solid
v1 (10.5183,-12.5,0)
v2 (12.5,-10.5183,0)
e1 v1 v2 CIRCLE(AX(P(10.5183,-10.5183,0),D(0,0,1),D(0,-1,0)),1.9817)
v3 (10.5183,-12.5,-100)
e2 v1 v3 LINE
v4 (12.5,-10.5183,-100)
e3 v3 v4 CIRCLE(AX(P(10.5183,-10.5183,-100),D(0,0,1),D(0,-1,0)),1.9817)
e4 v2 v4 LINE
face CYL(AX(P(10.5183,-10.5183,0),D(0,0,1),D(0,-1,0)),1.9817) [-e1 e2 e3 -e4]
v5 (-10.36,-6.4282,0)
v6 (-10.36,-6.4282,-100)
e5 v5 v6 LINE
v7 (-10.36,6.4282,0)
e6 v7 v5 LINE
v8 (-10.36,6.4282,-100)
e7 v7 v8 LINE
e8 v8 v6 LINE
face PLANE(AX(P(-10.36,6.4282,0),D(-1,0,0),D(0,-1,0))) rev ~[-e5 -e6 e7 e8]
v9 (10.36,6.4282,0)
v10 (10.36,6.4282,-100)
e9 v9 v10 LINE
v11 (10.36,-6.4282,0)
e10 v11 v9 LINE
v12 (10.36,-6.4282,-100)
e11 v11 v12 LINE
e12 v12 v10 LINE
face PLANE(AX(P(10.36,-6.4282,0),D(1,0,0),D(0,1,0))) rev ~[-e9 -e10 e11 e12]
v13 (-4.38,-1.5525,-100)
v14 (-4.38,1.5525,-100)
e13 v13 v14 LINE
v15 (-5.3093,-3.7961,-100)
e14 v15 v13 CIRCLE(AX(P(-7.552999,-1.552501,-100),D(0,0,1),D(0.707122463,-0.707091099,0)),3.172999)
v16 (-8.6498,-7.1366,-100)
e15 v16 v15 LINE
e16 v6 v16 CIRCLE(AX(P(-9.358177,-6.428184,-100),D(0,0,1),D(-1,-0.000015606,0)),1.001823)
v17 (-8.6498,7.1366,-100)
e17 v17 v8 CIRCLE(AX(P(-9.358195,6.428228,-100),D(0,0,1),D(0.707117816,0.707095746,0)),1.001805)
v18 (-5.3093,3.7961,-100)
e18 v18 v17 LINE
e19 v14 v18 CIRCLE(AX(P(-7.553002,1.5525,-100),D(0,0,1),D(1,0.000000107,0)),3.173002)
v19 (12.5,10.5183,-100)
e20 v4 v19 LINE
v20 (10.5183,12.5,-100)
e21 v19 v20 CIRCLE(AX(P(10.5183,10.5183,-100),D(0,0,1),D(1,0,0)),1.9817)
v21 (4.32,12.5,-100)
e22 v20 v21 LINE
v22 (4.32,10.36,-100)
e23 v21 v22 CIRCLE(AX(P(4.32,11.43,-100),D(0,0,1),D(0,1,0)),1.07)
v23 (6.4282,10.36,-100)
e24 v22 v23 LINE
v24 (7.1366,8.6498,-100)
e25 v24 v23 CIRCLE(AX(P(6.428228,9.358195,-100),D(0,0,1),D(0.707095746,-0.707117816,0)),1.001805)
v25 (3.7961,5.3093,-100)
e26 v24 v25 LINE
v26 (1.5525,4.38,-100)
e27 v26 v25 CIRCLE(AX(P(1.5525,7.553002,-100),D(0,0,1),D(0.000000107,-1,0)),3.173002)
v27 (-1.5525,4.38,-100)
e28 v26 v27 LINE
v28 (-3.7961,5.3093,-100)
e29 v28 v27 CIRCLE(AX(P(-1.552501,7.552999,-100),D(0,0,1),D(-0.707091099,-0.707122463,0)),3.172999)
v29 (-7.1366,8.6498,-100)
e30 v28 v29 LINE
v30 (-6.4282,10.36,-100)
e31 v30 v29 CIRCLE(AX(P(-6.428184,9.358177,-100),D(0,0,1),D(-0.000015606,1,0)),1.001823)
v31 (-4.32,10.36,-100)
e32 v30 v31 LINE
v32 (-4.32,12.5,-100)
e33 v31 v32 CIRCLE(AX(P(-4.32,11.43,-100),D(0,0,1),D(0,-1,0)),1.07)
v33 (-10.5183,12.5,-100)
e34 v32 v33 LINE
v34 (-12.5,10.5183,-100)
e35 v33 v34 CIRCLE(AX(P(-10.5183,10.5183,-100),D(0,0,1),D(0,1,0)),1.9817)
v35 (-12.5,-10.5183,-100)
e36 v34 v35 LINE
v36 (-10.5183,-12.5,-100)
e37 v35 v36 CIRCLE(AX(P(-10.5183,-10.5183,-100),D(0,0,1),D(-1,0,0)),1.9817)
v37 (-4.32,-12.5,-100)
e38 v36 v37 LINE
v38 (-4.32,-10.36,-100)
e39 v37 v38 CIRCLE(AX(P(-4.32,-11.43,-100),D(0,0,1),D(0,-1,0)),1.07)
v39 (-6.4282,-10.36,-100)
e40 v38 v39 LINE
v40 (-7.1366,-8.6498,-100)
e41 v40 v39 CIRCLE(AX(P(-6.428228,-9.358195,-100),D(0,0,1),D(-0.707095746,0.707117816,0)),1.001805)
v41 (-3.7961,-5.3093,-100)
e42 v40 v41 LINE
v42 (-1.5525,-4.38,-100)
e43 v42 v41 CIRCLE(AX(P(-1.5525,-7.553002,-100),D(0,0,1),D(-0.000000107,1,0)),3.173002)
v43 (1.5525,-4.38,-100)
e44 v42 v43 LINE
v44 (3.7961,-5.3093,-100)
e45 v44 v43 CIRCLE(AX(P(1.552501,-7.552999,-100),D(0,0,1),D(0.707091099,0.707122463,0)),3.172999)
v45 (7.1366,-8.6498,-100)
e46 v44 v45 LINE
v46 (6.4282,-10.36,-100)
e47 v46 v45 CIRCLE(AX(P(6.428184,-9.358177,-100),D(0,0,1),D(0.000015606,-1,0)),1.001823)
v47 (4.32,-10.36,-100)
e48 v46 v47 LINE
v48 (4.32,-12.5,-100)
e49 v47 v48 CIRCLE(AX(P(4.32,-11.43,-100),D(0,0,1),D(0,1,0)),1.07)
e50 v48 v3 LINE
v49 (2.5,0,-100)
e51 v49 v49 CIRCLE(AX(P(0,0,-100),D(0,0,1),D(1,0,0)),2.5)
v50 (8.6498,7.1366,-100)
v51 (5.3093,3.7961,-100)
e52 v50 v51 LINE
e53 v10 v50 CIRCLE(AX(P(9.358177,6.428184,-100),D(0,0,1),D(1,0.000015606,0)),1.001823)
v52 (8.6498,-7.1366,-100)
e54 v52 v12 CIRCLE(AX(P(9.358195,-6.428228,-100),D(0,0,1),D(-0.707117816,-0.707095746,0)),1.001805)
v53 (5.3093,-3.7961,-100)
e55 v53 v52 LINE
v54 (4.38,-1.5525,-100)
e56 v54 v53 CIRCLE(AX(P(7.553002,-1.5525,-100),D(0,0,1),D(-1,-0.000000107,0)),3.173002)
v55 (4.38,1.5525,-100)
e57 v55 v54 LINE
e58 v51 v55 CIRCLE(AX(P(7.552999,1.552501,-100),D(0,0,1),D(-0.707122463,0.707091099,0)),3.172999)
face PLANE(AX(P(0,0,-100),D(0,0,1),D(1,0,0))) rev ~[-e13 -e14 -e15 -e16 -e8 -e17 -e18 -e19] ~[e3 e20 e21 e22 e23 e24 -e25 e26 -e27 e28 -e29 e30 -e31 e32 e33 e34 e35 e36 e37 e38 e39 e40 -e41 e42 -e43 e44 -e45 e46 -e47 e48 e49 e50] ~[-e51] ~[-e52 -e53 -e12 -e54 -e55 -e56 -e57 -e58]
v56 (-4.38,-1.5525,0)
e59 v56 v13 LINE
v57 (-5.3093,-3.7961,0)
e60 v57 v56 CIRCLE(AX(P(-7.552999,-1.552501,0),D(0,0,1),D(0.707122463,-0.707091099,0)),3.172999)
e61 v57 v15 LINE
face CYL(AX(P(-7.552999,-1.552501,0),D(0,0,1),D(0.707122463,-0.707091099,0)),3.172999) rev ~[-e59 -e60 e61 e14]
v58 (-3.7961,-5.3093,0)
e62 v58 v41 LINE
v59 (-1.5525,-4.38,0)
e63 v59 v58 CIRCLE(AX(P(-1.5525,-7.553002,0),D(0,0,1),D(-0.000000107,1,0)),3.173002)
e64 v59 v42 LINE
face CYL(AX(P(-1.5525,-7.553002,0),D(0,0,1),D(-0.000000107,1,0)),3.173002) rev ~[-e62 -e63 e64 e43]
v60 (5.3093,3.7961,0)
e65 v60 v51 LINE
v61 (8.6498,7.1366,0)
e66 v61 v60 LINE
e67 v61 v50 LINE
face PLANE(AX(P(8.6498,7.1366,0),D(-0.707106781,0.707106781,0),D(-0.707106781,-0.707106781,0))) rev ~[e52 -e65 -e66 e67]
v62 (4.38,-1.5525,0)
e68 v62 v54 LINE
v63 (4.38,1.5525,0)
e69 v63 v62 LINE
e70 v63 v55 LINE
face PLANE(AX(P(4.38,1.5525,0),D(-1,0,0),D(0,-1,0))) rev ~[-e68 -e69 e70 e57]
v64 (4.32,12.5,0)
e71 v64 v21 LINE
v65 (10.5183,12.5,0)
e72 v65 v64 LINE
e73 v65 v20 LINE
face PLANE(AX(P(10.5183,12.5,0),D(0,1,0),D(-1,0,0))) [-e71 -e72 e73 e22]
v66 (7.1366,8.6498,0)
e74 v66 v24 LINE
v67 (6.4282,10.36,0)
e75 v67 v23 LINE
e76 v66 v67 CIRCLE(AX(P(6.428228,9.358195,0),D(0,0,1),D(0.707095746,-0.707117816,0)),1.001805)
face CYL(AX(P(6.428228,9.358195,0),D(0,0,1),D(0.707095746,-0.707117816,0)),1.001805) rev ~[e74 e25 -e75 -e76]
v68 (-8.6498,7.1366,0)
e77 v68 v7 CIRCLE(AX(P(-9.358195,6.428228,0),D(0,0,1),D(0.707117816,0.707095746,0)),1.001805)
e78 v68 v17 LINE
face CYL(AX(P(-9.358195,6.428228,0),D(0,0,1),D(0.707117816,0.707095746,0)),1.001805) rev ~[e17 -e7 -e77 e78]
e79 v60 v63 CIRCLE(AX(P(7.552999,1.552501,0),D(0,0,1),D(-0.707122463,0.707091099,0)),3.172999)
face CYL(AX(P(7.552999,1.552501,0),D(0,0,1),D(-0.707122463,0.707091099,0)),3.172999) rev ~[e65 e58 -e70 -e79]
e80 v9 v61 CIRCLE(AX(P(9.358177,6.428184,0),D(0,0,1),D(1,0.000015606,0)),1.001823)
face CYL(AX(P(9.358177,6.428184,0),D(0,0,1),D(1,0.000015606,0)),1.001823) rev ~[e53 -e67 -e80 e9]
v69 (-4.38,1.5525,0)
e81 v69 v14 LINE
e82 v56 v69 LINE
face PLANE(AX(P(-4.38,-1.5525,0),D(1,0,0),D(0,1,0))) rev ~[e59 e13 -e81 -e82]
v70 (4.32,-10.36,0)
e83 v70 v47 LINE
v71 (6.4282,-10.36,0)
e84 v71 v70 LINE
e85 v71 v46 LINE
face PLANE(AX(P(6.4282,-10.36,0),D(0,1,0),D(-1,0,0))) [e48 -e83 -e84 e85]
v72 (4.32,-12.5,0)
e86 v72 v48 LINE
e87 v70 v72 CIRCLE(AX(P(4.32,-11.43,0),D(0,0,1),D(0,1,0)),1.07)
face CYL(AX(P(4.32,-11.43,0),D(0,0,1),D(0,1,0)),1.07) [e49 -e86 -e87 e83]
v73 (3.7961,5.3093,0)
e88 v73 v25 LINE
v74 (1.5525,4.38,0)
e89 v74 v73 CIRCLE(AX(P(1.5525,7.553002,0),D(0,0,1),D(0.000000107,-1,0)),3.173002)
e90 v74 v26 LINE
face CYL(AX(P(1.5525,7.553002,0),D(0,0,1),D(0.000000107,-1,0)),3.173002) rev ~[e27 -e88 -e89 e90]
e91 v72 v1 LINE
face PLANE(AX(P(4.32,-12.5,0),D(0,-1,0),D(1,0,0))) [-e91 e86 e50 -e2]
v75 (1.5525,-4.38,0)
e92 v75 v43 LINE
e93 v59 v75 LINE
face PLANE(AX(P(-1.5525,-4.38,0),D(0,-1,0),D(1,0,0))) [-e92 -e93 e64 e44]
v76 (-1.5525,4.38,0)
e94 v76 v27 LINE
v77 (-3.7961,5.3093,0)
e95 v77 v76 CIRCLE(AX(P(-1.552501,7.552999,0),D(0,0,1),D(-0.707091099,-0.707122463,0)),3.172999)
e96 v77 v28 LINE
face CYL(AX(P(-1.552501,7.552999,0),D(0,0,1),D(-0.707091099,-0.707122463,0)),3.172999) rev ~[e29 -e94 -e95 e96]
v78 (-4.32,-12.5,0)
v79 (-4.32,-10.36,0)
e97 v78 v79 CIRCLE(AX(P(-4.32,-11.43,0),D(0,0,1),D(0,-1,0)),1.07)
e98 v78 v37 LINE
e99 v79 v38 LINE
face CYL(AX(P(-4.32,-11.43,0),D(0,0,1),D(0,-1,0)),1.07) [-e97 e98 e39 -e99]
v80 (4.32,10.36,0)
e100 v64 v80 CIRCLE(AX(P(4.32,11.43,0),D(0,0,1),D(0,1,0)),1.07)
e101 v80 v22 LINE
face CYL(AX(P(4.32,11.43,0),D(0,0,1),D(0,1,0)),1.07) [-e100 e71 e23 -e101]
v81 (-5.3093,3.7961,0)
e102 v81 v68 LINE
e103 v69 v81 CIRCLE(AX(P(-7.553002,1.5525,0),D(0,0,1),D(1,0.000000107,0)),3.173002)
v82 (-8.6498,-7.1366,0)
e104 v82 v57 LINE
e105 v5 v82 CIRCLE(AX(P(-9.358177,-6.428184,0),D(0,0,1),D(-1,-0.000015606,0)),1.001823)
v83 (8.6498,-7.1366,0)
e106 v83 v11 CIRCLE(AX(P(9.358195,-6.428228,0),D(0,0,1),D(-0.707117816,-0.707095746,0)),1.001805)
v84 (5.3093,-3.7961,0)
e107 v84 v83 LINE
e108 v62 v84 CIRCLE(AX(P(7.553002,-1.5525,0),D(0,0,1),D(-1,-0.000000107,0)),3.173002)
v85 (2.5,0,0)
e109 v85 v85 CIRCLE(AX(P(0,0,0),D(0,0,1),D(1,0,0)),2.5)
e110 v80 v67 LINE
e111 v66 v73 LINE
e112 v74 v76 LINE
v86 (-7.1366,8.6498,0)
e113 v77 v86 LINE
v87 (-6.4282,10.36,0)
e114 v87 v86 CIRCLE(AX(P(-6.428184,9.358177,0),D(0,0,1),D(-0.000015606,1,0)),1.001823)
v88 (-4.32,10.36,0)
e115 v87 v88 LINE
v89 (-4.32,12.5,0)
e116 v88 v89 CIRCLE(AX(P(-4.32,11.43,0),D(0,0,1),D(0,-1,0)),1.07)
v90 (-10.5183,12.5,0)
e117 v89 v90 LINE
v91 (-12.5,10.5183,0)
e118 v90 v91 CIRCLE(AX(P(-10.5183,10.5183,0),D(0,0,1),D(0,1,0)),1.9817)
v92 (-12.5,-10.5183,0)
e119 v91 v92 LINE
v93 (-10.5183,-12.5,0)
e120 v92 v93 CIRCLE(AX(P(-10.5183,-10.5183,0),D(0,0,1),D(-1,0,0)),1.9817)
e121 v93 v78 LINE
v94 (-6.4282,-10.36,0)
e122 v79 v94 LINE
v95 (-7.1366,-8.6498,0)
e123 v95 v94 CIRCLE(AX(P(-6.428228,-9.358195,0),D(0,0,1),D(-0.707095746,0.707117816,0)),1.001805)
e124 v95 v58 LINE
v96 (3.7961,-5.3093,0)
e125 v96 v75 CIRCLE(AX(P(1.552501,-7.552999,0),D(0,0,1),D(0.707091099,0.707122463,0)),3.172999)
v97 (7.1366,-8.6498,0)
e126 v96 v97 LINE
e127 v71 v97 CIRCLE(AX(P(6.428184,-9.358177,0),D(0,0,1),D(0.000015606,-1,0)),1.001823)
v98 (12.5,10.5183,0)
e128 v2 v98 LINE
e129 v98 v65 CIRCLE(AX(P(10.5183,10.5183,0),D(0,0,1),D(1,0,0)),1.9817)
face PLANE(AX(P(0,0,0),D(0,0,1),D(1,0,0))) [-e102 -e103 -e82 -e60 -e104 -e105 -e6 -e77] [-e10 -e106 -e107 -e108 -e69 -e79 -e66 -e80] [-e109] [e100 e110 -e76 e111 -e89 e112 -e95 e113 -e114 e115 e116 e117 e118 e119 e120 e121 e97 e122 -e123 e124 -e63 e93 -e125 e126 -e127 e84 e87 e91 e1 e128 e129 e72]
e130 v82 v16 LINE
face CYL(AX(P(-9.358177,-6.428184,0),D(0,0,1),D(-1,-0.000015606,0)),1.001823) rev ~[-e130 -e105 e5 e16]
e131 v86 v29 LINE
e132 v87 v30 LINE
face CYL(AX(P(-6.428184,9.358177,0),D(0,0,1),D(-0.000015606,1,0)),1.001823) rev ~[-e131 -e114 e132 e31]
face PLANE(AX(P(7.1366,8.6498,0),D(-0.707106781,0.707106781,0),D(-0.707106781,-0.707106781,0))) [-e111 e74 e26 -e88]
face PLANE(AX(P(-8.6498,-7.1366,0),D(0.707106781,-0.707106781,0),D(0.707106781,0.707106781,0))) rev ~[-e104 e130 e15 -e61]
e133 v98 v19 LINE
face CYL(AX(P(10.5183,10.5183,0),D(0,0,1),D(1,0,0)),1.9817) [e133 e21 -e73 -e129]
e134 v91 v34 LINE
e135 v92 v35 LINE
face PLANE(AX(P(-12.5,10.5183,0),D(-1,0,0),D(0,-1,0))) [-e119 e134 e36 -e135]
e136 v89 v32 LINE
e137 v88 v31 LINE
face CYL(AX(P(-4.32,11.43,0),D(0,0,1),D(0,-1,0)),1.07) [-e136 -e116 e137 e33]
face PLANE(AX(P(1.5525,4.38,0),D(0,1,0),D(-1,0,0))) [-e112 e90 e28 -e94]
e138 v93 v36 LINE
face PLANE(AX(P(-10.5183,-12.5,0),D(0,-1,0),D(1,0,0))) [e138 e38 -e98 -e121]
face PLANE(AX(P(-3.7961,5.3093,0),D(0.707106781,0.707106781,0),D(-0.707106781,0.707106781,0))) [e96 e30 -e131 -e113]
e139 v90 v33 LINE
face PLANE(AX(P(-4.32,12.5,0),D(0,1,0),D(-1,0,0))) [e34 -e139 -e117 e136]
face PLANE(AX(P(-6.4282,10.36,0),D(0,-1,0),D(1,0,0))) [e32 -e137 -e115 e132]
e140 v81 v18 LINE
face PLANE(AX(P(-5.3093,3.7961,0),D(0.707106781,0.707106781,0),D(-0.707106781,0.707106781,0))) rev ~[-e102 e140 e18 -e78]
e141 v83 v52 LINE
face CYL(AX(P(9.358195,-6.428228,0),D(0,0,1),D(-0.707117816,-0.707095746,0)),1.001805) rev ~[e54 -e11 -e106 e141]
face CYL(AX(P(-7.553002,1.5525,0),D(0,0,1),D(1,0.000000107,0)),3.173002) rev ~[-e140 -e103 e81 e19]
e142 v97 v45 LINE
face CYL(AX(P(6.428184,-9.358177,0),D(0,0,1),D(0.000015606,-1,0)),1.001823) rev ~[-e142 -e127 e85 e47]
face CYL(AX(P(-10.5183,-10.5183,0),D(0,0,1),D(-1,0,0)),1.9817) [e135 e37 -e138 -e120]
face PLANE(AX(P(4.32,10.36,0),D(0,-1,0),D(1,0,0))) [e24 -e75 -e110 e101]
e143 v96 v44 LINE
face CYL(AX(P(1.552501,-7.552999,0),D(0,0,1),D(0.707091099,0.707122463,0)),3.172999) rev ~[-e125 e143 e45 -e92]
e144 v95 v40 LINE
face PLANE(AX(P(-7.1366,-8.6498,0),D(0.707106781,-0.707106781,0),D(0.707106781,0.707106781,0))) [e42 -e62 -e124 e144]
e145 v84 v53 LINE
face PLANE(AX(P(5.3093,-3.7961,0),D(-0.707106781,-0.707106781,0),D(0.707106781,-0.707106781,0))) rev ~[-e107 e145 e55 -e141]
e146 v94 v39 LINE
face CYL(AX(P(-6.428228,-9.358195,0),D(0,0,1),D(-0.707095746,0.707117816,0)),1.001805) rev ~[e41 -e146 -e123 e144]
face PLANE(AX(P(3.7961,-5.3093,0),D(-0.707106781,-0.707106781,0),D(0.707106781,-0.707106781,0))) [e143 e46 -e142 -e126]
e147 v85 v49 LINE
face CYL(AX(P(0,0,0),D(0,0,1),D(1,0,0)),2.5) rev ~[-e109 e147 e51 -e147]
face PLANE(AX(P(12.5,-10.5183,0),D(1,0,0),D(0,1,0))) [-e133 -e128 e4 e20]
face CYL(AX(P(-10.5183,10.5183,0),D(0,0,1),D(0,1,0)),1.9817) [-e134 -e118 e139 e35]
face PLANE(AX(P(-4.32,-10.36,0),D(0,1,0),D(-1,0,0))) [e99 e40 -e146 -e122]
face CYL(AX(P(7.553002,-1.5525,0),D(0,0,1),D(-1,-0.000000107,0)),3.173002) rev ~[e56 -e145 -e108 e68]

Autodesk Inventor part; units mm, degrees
ref_plane "YZ Plane" through (0, 0, 0) normal (1, 0, 0) x (0, 1, 0)
ref_plane "XZ Plane" through (0, 0, 0) normal (0, 1, 0) x (-1, 0, 0)
ref_plane "XY Plane" through (0, 0, 0) normal (0, 0, 1) x (1, 0, 0)
sketch "Sketch1" plane through (0, 0, 0) normal (0, 0, 1) x (1, 0, 0)
  arc A0 (-10.36, -6.4282) -> (-8.6498, -7.1366) centre (-9.3582, -6.4282) ccw
  line L0 (-10.36, 6.4282) -> (-10.36, -6.4282)
  arc A1 (-8.6498, 7.1366) -> (-10.36, 6.4282) centre (-9.3582, 6.4282) ccw
  line L1 (-5.3093, 3.7961) -> (-8.6498, 7.1366)
  arc A2 (-4.38, 1.5525) -> (-5.3093, 3.7961) centre (-7.553, 1.5525) ccw
  line L2 (-4.38, -1.5525) -> (-4.38, 1.5525)
  arc A3 (-5.3093, -3.7961) -> (-4.38, -1.5525) centre (-7.553, -1.5525) ccw
  line L3 (-8.6498, -7.1366) -> (-5.3093, -3.7961)
  arc A4 (8.6498, -7.1366) -> (10.36, -6.4282) centre (9.3582, -6.4282) ccw
  line L4 (5.3093, -3.7961) -> (8.6498, -7.1366)
  arc A5 (4.38, -1.5525) -> (5.3093, -3.7961) centre (7.553, -1.5525) ccw
  line L5 (4.38, 1.5525) -> (4.38, -1.5525)
  arc A6 (5.3093, 3.7961) -> (4.38, 1.5525) centre (7.553, 1.5525) ccw
  line L6 (8.6498, 7.1366) -> (5.3093, 3.7961)
  arc A7 (10.36, 6.4282) -> (8.6498, 7.1366) centre (9.3582, 6.4282) ccw
  line L7 (10.36, -6.4282) -> (10.36, 6.4282)
  circle A8 centre (0, 0) radius 2.5
  line L8 (-10.5183, -12.5) -> (-4.32, -12.5)
  arc A9 (-4.32, -12.5) -> (-4.32, -10.36) centre (-4.32, -11.43) ccw
  line L9 (-4.32, -10.36) -> (-6.4282, -10.36)
  arc A10 (-7.1366, -8.6498) -> (-6.4282, -10.36) centre (-6.4282, -9.3582) ccw
  line L10 (-7.1366, -8.6498) -> (-3.7961, -5.3093)
  arc A11 (-1.5525, -4.38) -> (-3.7961, -5.3093) centre (-1.5525, -7.553) ccw
  line L11 (-1.5525, -4.38) -> (1.5525, -4.38)
  arc A12 (3.7961, -5.3093) -> (1.5525, -4.38) centre (1.5525, -7.553) ccw
  line L12 (3.7961, -5.3093) -> (7.1366, -8.6498)
  arc A13 (6.4282, -10.36) -> (7.1366, -8.6498) centre (6.4282, -9.3582) ccw
  line L13 (6.4282, -10.36) -> (4.32, -10.36)
  arc A14 (4.32, -10.36) -> (4.32, -12.5) centre (4.32, -11.43) ccw
  line L14 (4.32, -12.5) -> (10.5183, -12.5)
  arc A15 (10.5183, -12.5) -> (12.5, -10.5183) centre (10.5183, -10.5183) ccw
  line L15 (12.5, -10.5183) -> (12.5, 10.5183)
  arc A16 (12.5, 10.5183) -> (10.5183, 12.5) centre (10.5183, 10.5183) ccw
  line L16 (10.5183, 12.5) -> (4.32, 12.5)
  arc A17 (4.32, 12.5) -> (4.32, 10.36) centre (4.32, 11.43) ccw
  line L17 (4.32, 10.36) -> (6.4282, 10.36)
  arc A18 (7.1366, 8.6498) -> (6.4282, 10.36) centre (6.4282, 9.3582) ccw
  line L18 (7.1366, 8.6498) -> (3.7961, 5.3093)
  arc A19 (1.5525, 4.38) -> (3.7961, 5.3093) centre (1.5525, 7.553) ccw
  line L19 (1.5525, 4.38) -> (-1.5525, 4.38)
  arc A20 (-3.7961, 5.3093) -> (-1.5525, 4.38) centre (-1.5525, 7.553) ccw
  line L20 (-3.7961, 5.3093) -> (-7.1366, 8.6498)
  arc A21 (-6.4282, 10.36) -> (-7.1366, 8.6498) centre (-6.4282, 9.3582) ccw
  line L21 (-6.4282, 10.36) -> (-4.32, 10.36)
  arc A22 (-4.32, 10.36) -> (-4.32, 12.5) centre (-4.32, 11.43) ccw
  line L22 (-4.32, 12.5) -> (-10.5183, 12.5)
  arc A23 (-10.5183, 12.5) -> (-12.5, 10.5183) centre (-10.5183, 10.5183) ccw
  line L23 (-12.5, 10.5183) -> (-12.5, -10.5183)
  arc A24 (-12.5, -10.5183) -> (-10.5183, -12.5) centre (-10.5183, -10.5183) ccw
extrude "Extrusion1" add sketch "Sketch1" against normal blind 100
properties part number "25-2504"
